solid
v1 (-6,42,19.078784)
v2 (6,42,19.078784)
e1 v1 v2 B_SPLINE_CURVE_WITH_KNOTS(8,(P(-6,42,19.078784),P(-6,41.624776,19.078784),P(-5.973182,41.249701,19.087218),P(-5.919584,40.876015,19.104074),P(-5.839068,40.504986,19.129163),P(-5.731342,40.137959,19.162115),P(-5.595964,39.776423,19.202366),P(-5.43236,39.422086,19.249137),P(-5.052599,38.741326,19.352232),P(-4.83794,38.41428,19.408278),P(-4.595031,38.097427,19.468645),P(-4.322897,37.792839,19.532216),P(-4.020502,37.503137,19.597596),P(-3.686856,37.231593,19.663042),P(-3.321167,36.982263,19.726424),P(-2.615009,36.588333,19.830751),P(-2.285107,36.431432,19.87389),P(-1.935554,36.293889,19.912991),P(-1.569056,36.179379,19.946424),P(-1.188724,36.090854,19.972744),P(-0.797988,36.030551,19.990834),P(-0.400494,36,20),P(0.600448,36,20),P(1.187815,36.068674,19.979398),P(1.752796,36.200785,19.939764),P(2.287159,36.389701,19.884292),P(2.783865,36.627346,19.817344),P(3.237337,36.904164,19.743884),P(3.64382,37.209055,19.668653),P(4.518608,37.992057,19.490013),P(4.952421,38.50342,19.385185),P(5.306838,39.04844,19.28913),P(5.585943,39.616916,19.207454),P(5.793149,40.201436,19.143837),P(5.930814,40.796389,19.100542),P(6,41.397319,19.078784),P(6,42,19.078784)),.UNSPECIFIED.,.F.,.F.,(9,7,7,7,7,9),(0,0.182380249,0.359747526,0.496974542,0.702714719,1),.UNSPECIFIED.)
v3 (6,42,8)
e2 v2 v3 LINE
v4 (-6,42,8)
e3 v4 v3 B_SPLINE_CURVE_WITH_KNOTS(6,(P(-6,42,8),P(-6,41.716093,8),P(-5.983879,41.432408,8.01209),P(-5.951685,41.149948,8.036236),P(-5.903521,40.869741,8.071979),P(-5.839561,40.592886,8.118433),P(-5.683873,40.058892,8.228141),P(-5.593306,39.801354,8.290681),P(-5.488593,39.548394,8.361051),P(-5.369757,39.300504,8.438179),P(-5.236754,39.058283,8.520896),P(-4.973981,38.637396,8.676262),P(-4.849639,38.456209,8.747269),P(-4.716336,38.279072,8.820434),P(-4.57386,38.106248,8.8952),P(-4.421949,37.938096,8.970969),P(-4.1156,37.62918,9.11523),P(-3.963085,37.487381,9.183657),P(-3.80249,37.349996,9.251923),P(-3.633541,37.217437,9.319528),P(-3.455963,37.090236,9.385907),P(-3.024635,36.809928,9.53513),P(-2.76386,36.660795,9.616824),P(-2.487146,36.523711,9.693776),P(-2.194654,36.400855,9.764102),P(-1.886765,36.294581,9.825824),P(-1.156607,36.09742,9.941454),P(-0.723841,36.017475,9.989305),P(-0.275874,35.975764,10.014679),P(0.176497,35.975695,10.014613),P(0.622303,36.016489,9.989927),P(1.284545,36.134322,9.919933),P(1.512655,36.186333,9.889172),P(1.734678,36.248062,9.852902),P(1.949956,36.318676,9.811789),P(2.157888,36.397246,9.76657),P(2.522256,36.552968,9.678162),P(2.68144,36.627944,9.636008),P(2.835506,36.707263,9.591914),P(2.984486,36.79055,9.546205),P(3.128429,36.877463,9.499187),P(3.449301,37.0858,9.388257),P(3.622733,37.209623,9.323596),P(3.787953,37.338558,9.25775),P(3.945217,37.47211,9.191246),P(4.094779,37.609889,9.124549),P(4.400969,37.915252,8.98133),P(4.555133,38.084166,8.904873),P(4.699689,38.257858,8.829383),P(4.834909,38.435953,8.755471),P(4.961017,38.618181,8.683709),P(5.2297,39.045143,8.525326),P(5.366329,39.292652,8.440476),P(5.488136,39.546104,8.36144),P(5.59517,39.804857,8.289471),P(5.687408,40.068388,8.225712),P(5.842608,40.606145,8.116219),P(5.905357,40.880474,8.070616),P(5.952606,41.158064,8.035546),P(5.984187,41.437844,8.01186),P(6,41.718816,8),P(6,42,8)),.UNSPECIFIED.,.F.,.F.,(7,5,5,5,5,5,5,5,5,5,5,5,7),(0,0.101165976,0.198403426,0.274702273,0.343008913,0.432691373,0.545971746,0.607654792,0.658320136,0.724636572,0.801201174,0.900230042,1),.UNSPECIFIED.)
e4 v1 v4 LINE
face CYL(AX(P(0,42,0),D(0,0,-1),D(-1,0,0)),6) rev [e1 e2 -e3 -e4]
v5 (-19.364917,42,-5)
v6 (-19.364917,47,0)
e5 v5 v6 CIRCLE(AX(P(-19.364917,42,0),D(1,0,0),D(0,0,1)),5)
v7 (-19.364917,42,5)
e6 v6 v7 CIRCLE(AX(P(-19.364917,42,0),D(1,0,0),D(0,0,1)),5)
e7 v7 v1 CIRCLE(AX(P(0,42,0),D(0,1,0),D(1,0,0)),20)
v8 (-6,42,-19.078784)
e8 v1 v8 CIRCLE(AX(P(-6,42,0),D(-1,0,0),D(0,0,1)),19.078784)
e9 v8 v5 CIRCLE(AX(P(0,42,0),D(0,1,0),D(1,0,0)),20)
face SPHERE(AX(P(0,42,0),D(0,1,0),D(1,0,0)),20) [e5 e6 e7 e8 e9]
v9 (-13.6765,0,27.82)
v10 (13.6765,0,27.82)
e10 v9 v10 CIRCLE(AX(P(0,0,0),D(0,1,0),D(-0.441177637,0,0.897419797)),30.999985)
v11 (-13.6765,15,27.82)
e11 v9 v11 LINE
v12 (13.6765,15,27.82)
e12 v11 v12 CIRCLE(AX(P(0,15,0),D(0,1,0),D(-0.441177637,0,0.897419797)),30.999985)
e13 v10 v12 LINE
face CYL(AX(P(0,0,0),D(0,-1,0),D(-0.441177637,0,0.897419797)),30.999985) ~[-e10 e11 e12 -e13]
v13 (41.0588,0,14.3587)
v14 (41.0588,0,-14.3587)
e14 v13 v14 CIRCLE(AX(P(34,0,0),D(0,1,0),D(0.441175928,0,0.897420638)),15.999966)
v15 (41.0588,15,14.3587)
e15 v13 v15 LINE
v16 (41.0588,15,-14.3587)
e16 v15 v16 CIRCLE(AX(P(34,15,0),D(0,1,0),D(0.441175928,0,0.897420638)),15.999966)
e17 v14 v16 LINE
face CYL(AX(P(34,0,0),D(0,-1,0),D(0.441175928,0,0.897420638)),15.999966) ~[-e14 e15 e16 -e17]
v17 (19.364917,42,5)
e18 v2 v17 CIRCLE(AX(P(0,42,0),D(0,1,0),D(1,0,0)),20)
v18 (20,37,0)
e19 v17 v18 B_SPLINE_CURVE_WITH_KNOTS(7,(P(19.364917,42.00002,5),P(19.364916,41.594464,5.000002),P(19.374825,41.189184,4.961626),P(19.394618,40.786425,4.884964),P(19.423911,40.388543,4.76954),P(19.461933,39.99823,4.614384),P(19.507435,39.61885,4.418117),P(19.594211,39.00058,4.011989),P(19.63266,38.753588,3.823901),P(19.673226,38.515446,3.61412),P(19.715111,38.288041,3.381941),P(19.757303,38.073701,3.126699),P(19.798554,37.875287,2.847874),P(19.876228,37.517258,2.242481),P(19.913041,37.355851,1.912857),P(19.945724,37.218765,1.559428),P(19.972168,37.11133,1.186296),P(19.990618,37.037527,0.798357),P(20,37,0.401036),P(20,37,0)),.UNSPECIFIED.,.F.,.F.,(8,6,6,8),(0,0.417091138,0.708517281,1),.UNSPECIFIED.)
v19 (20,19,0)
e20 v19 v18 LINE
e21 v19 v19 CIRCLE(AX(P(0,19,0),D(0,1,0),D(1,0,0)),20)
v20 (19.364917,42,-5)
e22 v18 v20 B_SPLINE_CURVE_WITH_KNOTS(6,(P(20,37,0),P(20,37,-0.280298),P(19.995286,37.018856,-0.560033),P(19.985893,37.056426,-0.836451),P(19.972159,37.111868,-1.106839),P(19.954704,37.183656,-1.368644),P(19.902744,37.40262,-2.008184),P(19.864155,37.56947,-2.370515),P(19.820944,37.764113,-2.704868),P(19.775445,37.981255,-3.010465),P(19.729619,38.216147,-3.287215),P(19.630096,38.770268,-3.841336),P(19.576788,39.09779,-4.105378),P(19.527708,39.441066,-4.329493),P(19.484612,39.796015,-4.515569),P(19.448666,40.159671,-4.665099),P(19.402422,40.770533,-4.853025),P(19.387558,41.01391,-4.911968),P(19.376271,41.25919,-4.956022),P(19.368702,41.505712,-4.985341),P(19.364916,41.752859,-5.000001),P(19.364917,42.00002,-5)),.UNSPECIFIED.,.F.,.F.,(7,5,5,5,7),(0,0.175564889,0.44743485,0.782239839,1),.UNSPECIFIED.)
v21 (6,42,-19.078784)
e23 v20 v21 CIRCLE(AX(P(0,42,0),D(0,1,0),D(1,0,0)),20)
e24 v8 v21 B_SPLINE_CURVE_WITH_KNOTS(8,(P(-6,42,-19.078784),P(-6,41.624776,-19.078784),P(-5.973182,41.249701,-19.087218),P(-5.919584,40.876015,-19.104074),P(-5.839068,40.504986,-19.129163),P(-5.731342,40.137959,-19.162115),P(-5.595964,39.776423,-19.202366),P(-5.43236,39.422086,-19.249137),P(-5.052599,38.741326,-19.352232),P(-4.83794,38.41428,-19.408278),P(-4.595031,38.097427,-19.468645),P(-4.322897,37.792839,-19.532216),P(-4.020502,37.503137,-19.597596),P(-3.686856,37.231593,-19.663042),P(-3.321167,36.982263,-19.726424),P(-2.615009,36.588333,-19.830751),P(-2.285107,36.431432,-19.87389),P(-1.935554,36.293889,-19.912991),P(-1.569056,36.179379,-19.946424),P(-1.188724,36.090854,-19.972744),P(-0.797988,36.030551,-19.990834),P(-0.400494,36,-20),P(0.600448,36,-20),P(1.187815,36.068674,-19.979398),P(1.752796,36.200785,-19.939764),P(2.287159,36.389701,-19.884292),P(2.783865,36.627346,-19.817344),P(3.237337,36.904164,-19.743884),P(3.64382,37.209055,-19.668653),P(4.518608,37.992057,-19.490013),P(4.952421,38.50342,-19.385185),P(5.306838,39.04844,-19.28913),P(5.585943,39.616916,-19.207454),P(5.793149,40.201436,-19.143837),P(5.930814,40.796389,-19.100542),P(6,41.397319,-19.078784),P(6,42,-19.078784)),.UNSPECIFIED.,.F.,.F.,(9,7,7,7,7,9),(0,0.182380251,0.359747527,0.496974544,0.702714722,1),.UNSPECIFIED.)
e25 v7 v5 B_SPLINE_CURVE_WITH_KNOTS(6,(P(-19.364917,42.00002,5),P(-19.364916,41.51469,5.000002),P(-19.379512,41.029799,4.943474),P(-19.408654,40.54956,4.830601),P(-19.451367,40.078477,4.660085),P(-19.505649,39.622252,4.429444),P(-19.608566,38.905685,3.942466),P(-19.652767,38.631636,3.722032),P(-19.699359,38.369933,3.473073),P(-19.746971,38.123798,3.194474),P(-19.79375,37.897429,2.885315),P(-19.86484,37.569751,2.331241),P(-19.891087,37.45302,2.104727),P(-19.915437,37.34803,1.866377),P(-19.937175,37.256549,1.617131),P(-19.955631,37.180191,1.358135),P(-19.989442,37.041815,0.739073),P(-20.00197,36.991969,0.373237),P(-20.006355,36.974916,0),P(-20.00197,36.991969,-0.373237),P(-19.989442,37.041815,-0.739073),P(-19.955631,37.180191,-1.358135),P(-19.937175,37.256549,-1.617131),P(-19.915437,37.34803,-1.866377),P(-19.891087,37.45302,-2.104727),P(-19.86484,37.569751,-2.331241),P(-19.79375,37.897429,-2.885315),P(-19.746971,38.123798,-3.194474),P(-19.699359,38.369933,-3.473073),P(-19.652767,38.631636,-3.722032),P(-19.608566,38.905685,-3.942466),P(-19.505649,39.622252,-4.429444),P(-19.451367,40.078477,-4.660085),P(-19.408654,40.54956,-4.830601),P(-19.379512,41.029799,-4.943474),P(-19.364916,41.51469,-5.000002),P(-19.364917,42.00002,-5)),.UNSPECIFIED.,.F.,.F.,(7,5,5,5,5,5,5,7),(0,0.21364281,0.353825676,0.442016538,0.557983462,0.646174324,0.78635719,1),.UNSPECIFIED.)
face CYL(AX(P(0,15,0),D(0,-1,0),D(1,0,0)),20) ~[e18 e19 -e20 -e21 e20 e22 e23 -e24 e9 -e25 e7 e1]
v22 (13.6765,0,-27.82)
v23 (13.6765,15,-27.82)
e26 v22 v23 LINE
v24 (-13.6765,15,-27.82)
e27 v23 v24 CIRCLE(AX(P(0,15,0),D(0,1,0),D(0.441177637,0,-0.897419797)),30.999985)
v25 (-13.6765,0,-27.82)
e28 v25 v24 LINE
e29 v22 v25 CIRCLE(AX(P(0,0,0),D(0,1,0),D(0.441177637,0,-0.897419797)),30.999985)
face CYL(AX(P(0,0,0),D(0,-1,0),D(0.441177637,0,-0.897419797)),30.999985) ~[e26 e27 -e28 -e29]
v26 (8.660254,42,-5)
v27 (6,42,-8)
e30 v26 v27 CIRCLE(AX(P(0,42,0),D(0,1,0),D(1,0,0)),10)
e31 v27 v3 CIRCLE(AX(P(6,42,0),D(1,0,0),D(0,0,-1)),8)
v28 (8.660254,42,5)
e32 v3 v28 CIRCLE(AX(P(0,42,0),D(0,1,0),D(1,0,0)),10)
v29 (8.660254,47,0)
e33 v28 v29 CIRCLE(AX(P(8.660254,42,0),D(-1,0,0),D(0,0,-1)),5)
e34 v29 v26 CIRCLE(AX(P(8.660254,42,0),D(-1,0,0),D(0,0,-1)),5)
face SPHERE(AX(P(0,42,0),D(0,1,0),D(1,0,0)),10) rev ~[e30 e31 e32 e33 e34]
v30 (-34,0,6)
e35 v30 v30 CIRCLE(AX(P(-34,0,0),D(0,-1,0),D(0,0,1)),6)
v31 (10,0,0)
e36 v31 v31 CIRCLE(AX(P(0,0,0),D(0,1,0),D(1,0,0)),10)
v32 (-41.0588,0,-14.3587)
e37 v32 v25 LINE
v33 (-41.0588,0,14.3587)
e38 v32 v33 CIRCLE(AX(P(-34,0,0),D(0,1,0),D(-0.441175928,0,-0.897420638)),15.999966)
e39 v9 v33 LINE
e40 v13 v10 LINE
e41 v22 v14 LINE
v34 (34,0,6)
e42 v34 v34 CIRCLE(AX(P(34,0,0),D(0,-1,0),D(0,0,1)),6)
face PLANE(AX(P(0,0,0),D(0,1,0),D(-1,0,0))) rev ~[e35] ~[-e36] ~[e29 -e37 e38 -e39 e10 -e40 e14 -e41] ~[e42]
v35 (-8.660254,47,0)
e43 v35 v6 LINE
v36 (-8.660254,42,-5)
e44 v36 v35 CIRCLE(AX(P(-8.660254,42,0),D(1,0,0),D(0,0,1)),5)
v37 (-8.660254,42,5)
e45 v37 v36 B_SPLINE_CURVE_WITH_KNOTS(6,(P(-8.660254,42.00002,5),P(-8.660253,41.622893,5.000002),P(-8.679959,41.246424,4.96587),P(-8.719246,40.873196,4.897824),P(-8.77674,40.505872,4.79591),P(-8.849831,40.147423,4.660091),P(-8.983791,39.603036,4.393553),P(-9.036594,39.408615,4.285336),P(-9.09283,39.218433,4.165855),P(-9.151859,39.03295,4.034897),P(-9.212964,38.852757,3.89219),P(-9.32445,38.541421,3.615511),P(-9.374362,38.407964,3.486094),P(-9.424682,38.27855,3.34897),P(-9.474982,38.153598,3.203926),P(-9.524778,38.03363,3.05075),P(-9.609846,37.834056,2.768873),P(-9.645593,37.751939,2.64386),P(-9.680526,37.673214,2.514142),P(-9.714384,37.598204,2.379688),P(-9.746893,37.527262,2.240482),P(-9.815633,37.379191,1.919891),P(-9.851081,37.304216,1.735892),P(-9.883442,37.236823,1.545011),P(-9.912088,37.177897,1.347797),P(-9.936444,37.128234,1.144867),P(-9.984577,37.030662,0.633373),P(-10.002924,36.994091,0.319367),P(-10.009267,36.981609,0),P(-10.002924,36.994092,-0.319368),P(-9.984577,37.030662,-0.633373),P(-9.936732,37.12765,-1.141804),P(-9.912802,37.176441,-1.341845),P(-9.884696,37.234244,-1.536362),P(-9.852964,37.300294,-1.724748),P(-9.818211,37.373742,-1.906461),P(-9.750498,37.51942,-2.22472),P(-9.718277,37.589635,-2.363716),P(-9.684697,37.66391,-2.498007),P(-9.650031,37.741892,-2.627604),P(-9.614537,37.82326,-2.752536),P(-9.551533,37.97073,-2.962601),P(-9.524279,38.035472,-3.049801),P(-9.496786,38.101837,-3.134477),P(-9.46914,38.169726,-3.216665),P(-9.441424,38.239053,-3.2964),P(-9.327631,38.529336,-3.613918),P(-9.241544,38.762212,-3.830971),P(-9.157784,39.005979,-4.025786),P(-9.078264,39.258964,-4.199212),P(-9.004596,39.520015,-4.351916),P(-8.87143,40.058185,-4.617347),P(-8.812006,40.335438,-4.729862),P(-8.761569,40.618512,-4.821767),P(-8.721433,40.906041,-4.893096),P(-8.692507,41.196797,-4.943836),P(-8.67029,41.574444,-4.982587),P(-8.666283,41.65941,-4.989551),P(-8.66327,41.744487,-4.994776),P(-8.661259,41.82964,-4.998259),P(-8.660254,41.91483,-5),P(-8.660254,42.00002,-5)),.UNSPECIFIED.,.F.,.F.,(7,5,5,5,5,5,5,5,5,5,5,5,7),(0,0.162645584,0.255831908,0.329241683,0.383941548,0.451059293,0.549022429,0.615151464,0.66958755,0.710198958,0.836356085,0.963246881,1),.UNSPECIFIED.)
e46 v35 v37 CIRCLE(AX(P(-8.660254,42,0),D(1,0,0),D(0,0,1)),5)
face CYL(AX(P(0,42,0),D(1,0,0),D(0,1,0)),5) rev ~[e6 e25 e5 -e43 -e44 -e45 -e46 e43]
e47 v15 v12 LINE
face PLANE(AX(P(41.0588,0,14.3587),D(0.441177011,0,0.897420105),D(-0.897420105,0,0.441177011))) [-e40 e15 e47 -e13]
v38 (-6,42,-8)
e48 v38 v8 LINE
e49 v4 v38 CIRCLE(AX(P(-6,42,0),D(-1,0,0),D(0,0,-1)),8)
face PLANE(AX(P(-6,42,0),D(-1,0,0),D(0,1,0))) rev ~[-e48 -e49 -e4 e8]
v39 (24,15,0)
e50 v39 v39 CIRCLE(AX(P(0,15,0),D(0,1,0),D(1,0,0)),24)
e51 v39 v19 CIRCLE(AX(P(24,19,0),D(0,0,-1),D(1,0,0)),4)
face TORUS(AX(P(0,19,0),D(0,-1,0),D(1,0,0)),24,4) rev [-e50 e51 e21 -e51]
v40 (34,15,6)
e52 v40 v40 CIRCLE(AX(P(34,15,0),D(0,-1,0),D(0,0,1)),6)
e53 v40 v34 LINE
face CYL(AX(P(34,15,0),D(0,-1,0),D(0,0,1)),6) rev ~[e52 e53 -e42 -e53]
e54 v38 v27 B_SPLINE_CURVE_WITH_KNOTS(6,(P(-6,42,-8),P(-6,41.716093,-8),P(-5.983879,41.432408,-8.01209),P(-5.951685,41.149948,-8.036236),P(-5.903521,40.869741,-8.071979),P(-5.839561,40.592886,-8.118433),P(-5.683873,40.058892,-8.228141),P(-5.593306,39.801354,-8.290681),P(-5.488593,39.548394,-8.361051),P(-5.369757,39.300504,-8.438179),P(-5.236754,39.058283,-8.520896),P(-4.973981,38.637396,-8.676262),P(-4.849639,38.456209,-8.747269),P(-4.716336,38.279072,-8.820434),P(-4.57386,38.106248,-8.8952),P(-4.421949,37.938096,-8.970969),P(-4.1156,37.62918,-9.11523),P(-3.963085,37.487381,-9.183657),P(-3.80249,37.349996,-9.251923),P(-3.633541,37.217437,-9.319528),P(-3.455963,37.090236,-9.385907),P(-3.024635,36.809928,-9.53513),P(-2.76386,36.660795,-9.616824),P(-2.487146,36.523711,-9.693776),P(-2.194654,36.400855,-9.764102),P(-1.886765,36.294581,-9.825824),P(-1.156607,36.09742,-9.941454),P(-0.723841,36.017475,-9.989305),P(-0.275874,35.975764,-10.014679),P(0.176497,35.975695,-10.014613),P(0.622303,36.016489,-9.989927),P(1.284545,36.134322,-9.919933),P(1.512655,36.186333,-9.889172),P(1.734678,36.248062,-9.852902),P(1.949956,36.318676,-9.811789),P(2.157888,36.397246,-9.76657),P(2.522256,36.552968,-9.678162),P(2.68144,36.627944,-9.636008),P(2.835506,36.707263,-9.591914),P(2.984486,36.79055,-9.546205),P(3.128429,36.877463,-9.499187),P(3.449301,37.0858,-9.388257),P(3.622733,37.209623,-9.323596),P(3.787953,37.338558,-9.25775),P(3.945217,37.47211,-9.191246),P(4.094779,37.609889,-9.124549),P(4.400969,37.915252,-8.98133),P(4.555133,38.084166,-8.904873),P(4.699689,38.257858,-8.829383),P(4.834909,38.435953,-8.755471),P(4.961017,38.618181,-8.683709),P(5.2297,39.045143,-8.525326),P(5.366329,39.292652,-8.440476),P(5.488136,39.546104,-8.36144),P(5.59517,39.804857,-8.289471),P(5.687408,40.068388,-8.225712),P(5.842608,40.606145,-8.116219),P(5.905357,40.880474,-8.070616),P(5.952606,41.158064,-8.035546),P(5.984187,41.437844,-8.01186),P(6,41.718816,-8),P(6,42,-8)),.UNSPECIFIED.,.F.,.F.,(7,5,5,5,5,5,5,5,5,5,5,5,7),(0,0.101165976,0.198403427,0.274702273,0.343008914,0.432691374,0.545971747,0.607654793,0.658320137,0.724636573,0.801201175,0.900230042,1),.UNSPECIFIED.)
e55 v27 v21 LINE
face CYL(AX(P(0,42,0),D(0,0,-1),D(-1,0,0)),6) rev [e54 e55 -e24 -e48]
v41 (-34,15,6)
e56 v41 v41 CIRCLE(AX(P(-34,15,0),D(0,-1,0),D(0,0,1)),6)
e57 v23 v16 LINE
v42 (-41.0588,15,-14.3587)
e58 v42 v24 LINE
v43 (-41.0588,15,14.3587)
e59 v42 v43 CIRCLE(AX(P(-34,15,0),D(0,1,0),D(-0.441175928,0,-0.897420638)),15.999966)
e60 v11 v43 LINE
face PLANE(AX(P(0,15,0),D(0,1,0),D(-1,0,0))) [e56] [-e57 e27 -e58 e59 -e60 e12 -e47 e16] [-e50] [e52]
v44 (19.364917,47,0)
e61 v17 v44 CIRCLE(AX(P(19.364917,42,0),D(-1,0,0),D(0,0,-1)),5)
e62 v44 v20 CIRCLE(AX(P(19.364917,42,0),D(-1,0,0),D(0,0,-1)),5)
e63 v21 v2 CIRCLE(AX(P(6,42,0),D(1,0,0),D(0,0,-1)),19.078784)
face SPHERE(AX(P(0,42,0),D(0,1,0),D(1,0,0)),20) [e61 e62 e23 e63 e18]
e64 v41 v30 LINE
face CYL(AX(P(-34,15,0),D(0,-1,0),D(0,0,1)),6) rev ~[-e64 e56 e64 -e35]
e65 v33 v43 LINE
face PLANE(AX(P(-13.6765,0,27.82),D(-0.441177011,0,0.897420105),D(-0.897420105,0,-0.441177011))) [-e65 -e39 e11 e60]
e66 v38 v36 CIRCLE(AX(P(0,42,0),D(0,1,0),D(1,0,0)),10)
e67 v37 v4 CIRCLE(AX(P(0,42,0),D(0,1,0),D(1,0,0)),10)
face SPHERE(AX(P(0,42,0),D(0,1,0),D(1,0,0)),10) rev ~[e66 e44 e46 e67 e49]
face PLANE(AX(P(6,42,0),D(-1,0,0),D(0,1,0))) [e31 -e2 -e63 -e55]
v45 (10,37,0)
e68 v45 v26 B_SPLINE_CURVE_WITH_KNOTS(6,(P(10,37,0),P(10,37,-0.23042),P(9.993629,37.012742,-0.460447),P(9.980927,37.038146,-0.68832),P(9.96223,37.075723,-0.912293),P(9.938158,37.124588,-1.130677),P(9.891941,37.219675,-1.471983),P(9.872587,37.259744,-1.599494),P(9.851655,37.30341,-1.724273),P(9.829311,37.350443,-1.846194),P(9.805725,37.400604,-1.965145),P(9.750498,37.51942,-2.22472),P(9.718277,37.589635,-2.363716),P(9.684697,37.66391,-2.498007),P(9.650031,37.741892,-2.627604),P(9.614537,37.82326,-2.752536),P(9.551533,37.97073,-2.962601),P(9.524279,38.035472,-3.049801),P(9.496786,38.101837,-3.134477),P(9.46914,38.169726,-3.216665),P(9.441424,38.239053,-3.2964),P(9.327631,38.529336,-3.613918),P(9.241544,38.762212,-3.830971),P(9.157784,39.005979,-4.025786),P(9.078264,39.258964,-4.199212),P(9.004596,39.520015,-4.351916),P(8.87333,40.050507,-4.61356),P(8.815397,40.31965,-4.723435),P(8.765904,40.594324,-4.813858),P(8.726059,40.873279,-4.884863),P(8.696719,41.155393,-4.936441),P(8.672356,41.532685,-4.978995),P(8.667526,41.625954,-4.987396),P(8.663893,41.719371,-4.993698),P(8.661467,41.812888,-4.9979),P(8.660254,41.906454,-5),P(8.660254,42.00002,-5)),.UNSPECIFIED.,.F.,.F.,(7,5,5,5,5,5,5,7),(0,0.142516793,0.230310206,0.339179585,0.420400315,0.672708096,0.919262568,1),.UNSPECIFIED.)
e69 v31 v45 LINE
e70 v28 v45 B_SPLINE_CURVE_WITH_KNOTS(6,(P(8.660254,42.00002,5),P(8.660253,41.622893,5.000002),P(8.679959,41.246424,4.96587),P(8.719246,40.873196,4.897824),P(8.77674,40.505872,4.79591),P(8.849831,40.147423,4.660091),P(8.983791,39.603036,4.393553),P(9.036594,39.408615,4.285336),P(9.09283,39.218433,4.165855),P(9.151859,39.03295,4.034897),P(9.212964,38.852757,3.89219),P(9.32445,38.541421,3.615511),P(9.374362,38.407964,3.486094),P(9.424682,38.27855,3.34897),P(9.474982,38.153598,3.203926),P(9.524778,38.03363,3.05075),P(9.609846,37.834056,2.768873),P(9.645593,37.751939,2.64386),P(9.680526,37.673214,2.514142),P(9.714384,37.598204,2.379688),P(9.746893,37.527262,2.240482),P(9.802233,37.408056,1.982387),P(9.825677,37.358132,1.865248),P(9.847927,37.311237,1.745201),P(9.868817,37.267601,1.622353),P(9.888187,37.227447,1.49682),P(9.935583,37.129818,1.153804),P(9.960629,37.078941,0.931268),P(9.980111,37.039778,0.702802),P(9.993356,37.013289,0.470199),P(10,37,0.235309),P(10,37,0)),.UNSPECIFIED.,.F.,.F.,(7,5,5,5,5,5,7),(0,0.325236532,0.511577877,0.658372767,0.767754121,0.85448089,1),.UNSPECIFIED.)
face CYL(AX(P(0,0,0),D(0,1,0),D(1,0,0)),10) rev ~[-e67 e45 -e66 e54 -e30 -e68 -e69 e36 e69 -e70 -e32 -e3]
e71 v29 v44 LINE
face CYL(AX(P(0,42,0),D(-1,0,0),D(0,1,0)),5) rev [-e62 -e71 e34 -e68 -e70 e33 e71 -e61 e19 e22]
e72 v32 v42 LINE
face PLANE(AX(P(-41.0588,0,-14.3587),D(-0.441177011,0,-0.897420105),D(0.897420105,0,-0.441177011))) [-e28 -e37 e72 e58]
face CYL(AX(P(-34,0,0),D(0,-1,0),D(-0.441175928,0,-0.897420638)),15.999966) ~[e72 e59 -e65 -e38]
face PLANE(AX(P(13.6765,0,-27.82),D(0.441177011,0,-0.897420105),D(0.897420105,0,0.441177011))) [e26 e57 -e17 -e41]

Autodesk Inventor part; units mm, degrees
ref_plane "YZ Plane" through (0, 0, 0) normal (1, 0, 0) x (0, 1, 0)
ref_plane "XZ Plane" through (0, 0, 0) normal (0, 1, 0) x (-1, 0, 0)
ref_plane "XY Plane" through (0, 0, 0) normal (0, 0, 1) x (1, 0, 0)
sketch "Sketch1" plane through (0, 0, 0) normal (0, 1, 0) x (-1, 0, 0)
  line L0 (41.0588, -14.3587) -> (13.6765, -27.82)
  arc A0 (-13.6765, -27.82) -> (13.6765, -27.82) centre (0, 0) ccw
  line L1 (-13.6765, -27.82) -> (-41.0588, -14.3587)
  arc A1 (-41.0588, 14.3587) -> (-41.0588, -14.3587) centre (-34, 0) ccw
  line L2 (-41.0588, 14.3587) -> (-13.6765, 27.82)
  arc A2 (13.6765, 27.82) -> (-13.6765, 27.82) centre (0, 0) ccw
  line L3 (13.6765, 27.82) -> (41.0588, 14.3587)
  arc A3 (41.0588, -14.3587) -> (41.0588, 14.3587) centre (34, 0) ccw
  dimension "d0" = 68
  dimension "d1" = 16
  dimension "d2" = 31
extrude "Extrusion1" add sketch "Sketch1" along normal blind 15
sketch "Sketch2" plane through (0, 15, 0) normal (0, 1, 0) x (1, 0, 0)
  arc A0 (-13.6765, -27.82) -> (13.6765, -27.82) centre (0, 0) ccw projected
  circle A1 centre (0, 0) radius 20
  dimension "d5" = 40
extrude "Extrusion2" add sketch "Sketch2" along normal blind 27
fillet "Fillet1" radius 4 1 edges at (-20, 15, 0)
sketch "Sketch3" plane through (0, 0, 0) normal (0, 0, 1) x (1, 0, 0)
  line L0 (20, 42) -> (-20, 42) projected
  arc A0 (20, 42) -> (0, 62) centre (0, 42) ccw
  line L1 (0, -13.2284) -> (0, 79.3706) projected
  point P0 (0, 0)
  point P1 (0, 42)
revolve "Revolution1" add sketch "Sketch3" angle 360 about axis through (0, -10, 0) along (0, 1, 0)
sketch "Sketch4" plane through (0, 0, 0) normal (0, 0, 1) x (1, 0, 0)
  arc A0 (20, 42) -> (-20, 42) centre (0, 42) ccw projected
  arc A1 (20, 42) -> (-20, 42) centre (0, 42) ccw projected
  line L0 (10, 0) -> (10, 42)
  arc A2 (10, 42) -> (0, 52) centre (0, 42) ccw
  line L1 (0, -12.4) -> (0, 74.4) projected
  line L2 (10, 0) -> (0, 0)
  dimension "d10" = 20
revolve "Revolution2" cut sketch "Sketch4" angle 360 about axis through (0, -10, 0) along (0, 1, 0)
sketch "Sketch5" plane through (0, 0, 0) normal (0, 0, 1) x (1, 0, 0)
  arc A0 (10, 42) -> (-10, 42) centre (0, 42) ccw projected
  arc A1 (-6, 42) -> (6, 42) centre (0, 42) ccw
  line L0 (-6, 42) -> (-6, 61.0788)
  line L1 (6, 42) -> (6, 61.0788)
  line L2 (20, 42) -> (-20, 42) projected
  arc A2 (20, 42) -> (-20, 42) centre (0, 42) ccw projected
  arc A3 (6, 61.0788) -> (-6, 61.0788) centre (0, 42) ccw
  point P0 (0, 0)
  dimension "d12" = 6
extrude "Extrusion3" cut sketch "Sketch5" along normal through all both and the other way through all contours L1 L2 L0 A0 | A0 L0 A2 L1 | A1 L2
sketch "Sketch6" plane through (0, 0, 0) normal (1, 0, 0) x (0, 1, 0)
  arc A0 (42, -8) -> (42, 8) centre (42, 0) ccw projected
  circle A1 centre (42, 0) radius 5
  point P0 (0, 0)
  dimension "d15" = 10
extrude "Extrusion4" cut sketch "Sketch6" along normal through all both and the other way through all
sketch "Sketch7" plane through (0, 15, 0) normal (0, 1, 0) x (1, 0, 0)
  arc A0 (41.0588, -14.3587) -> (41.0588, 14.3587) centre (34, 0) ccw projected
  arc A1 (-41.0588, 14.3587) -> (-41.0588, -14.3587) centre (-34, 0) ccw projected
hole "Hole1" at (-34, 15, 0) at (34, 15, 0) direction (0, -1, 0) diameter 12 end through all
properties part number "Part010TiltSupport" material "Steel, Cast"
